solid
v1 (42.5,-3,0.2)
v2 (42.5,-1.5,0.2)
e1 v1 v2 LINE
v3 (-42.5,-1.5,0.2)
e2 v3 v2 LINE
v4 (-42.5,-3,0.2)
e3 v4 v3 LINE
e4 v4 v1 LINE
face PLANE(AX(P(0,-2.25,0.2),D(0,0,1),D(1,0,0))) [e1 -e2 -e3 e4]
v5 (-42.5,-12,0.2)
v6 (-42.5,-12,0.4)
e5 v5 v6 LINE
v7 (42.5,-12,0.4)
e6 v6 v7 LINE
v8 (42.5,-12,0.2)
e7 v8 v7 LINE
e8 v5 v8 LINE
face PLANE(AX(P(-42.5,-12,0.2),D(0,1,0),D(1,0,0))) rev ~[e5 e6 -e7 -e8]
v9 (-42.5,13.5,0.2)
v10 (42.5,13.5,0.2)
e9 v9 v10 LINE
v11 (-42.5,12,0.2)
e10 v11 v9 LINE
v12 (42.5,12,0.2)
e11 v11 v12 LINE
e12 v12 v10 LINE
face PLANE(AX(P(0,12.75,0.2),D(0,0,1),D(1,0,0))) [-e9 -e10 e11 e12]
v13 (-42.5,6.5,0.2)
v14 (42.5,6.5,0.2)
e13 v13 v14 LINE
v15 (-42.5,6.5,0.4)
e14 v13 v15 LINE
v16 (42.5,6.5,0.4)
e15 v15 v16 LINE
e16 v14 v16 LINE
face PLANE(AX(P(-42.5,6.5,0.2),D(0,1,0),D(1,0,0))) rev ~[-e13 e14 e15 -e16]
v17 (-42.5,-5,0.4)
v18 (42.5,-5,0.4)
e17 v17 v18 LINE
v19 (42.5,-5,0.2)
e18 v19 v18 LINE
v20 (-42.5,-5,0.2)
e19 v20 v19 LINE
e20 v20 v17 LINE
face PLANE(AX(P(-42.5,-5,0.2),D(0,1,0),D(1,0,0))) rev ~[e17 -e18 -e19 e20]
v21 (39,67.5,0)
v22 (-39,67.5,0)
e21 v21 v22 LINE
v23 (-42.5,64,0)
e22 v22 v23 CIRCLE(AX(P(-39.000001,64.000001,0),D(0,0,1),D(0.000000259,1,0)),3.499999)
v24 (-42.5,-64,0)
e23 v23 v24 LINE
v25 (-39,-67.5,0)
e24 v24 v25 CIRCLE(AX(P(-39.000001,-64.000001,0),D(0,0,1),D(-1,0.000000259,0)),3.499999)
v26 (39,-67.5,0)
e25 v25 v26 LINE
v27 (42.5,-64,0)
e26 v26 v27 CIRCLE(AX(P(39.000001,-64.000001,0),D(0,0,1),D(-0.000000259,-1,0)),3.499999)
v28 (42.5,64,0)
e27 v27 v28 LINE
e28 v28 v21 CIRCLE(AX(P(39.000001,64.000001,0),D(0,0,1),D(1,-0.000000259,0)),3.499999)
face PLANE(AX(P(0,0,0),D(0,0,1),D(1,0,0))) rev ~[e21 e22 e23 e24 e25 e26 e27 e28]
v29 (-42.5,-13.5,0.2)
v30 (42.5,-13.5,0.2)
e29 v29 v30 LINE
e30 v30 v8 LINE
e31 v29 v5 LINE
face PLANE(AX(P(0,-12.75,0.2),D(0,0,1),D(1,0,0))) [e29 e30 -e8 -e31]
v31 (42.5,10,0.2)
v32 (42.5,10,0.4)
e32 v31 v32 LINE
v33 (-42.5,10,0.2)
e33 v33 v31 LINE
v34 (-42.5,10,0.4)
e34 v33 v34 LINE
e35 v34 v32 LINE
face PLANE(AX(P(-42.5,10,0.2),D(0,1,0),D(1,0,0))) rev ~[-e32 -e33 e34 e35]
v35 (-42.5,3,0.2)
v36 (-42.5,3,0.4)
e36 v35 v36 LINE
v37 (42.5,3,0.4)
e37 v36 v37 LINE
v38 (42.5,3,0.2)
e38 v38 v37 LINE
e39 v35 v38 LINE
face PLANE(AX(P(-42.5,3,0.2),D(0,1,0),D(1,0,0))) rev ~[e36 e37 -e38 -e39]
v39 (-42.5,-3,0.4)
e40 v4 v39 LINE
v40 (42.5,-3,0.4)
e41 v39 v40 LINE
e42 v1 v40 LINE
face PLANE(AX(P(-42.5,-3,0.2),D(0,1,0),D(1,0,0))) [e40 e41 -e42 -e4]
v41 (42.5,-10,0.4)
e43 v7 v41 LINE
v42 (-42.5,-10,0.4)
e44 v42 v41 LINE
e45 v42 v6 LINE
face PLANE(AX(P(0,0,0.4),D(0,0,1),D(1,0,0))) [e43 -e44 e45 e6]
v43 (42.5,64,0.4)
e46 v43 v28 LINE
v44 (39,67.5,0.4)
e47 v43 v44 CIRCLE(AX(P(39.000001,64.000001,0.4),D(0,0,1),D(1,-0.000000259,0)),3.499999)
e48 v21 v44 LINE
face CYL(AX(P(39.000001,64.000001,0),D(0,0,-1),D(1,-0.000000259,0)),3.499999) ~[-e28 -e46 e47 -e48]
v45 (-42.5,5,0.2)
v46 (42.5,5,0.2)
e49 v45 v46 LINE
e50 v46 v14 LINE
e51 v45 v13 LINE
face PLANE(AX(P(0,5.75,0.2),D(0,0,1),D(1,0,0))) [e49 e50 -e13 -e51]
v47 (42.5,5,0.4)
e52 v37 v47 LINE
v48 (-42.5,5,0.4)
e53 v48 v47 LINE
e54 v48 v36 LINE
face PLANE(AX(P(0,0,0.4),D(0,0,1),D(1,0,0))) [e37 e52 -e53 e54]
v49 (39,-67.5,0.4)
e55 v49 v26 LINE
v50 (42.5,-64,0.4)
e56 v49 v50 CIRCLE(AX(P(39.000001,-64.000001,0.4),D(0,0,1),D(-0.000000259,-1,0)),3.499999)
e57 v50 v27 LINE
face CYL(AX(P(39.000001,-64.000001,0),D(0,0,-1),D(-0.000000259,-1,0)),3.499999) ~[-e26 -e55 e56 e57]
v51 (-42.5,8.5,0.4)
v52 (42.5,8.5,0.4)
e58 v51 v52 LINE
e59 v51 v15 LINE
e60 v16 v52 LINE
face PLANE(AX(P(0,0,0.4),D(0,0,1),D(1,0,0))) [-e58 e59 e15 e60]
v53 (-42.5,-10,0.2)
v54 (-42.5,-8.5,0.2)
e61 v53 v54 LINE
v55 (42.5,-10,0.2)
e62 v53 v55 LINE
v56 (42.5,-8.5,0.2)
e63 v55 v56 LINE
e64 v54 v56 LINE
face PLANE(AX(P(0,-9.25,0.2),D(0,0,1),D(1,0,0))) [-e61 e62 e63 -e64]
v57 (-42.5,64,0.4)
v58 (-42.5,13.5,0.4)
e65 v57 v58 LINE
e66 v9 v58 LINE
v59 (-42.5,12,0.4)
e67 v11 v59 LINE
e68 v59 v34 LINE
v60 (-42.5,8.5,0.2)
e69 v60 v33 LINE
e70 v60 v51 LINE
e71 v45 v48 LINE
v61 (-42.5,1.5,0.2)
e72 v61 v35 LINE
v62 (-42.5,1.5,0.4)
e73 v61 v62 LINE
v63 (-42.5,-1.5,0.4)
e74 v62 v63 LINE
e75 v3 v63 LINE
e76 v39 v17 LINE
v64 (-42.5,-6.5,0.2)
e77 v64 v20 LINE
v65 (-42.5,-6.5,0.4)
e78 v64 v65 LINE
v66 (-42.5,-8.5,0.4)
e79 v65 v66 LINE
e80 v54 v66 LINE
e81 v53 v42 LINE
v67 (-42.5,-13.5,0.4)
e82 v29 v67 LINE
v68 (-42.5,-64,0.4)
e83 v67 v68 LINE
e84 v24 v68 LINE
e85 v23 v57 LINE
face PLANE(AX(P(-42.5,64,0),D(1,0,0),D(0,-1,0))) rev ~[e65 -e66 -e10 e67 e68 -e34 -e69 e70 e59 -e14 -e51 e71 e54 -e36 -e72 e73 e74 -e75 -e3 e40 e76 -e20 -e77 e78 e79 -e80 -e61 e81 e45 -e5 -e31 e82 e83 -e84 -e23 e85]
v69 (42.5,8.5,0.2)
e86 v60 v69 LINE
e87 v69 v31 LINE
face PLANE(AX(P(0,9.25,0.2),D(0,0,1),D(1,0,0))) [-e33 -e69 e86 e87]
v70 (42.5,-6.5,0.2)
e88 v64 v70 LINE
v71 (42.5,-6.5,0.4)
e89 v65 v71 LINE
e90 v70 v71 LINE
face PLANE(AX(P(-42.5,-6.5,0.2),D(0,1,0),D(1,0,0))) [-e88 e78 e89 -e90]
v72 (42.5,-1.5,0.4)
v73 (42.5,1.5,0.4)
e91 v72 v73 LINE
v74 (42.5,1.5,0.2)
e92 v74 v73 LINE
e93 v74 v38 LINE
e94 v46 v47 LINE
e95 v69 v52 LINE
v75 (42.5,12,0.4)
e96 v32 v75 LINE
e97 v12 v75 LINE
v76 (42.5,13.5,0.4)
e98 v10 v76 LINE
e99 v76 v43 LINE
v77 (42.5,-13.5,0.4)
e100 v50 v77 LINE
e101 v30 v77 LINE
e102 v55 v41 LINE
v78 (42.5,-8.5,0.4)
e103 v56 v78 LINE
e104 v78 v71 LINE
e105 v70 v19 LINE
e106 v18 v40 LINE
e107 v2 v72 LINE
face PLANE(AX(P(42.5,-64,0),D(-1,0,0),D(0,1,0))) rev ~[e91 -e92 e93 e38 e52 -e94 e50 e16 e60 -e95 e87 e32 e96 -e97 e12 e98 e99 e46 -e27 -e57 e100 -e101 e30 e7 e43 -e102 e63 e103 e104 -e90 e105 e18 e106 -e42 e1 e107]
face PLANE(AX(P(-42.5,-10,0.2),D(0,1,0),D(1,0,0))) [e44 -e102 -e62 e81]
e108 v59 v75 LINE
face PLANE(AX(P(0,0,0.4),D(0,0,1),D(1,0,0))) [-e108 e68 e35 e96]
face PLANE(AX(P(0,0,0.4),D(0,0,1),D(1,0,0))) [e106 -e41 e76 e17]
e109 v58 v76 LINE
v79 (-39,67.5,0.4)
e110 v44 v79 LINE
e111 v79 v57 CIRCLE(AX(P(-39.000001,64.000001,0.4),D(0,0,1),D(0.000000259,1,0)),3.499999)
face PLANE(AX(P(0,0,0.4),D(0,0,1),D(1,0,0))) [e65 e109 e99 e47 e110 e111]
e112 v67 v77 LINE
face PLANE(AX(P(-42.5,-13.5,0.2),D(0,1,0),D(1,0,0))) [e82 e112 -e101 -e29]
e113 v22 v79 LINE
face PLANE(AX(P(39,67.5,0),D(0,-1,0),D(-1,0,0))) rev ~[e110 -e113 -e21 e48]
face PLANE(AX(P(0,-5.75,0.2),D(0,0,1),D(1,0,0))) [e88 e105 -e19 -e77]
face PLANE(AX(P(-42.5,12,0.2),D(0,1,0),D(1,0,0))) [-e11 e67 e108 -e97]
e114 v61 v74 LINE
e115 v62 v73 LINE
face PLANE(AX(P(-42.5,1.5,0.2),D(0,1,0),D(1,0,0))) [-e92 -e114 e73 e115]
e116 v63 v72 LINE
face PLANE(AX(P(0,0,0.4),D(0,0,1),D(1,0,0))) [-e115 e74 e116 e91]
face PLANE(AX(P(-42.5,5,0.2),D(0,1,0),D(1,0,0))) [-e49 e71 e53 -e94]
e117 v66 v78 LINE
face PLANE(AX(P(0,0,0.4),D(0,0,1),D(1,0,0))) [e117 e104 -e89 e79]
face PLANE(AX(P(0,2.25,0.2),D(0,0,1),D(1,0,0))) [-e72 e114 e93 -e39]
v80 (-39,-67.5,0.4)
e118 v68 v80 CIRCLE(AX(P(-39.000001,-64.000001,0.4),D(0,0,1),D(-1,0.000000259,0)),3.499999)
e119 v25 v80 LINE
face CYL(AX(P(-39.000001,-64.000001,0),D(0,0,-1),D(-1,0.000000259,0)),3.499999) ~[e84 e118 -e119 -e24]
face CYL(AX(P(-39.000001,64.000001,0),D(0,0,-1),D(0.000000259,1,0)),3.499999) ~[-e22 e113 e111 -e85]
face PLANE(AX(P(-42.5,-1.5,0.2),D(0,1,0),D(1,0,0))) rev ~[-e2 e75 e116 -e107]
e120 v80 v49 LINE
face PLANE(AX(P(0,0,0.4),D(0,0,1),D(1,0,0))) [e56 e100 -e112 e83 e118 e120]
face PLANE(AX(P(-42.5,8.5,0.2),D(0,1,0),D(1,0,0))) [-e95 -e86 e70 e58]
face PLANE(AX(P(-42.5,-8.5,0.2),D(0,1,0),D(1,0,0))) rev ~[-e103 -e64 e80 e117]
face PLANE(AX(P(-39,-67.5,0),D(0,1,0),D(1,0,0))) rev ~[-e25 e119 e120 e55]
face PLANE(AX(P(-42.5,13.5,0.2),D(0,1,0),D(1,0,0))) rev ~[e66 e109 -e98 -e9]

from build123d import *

# Parameters (mm, degrees)
F1_DEPTH = 0.2
F3_DEPTH = 0.4
F2_W     = 85
F2_H     = 1.5
F4_DEPTH = 0.2


with BuildPart() as f1:
    # F0 (on Top) → F1 (new body)
    with BuildSketch(Plane.XY):
        with BuildLine():
            ThreePointArc((42.5, 64), (41.474874, 66.474874), (39, 67.5))
            Line((39, 67.5), (-39, 67.5))
            ThreePointArc((-39, 67.5), (-41.474874, 66.474874), (-42.5, 64))
            Line((-42.5, 64), (-42.5, -64))
            ThreePointArc((-42.5, -64), (-41.474874, -66.474874), (-39, -67.5))
            Line((-39, -67.5), (39, -67.5))
            ThreePointArc((39, -67.5), (41.474874, -66.474874), (42.5, -64))
            Line((42.5, -64), (42.5, 64))
        make_face()
    extrude(amount=F1_DEPTH)

    # F0 (on Top) → F3 (join)
    with BuildSketch(Plane.XY):
        with BuildLine():
            ThreePointArc((42.5, 64), (41.474874, 66.474874), (39, 67.5))
            Line((39, 67.5), (-39, 67.5))
            ThreePointArc((-39, 67.5), (-41.474874, 66.474874), (-42.5, 64))
            Line((-42.5, 64), (-42.5, -64))
            ThreePointArc((-42.5, -64), (-41.474874, -66.474874), (-39, -67.5))
            Line((-39, -67.5), (39, -67.5))
            ThreePointArc((39, -67.5), (41.474874, -66.474874), (42.5, -64))
            Line((42.5, -64), (42.5, 64))
        make_face()
    extrude(amount=F3_DEPTH)

    # F2 (on face) → F4 (cut, through all)
    with BuildSketch(Plane.XY.offset(0.2)):
        with Locations((0, 12.75)):
            Rectangle(F2_W, F2_H)
        with Locations((0, 9.25)):
            Rectangle(F2_W, F2_H)
        with Locations((0, 5.75)):
            Rectangle(F2_W, F2_H)
        with Locations((0, -12.75)):
            Rectangle(F2_W, F2_H)
        with Locations((0, -9.25)):
            Rectangle(F2_W, F2_H)
        with Locations((0, -5.75)):
            Rectangle(F2_W, F2_H)
        with Locations((0, 2.25)):
            Rectangle(F2_W, F2_H)
        with Locations((0, -2.25)):
            Rectangle(F2_W, F2_H)
    extrude(amount=F4_DEPTH, mode=Mode.SUBTRACT)


solid = f1.part
